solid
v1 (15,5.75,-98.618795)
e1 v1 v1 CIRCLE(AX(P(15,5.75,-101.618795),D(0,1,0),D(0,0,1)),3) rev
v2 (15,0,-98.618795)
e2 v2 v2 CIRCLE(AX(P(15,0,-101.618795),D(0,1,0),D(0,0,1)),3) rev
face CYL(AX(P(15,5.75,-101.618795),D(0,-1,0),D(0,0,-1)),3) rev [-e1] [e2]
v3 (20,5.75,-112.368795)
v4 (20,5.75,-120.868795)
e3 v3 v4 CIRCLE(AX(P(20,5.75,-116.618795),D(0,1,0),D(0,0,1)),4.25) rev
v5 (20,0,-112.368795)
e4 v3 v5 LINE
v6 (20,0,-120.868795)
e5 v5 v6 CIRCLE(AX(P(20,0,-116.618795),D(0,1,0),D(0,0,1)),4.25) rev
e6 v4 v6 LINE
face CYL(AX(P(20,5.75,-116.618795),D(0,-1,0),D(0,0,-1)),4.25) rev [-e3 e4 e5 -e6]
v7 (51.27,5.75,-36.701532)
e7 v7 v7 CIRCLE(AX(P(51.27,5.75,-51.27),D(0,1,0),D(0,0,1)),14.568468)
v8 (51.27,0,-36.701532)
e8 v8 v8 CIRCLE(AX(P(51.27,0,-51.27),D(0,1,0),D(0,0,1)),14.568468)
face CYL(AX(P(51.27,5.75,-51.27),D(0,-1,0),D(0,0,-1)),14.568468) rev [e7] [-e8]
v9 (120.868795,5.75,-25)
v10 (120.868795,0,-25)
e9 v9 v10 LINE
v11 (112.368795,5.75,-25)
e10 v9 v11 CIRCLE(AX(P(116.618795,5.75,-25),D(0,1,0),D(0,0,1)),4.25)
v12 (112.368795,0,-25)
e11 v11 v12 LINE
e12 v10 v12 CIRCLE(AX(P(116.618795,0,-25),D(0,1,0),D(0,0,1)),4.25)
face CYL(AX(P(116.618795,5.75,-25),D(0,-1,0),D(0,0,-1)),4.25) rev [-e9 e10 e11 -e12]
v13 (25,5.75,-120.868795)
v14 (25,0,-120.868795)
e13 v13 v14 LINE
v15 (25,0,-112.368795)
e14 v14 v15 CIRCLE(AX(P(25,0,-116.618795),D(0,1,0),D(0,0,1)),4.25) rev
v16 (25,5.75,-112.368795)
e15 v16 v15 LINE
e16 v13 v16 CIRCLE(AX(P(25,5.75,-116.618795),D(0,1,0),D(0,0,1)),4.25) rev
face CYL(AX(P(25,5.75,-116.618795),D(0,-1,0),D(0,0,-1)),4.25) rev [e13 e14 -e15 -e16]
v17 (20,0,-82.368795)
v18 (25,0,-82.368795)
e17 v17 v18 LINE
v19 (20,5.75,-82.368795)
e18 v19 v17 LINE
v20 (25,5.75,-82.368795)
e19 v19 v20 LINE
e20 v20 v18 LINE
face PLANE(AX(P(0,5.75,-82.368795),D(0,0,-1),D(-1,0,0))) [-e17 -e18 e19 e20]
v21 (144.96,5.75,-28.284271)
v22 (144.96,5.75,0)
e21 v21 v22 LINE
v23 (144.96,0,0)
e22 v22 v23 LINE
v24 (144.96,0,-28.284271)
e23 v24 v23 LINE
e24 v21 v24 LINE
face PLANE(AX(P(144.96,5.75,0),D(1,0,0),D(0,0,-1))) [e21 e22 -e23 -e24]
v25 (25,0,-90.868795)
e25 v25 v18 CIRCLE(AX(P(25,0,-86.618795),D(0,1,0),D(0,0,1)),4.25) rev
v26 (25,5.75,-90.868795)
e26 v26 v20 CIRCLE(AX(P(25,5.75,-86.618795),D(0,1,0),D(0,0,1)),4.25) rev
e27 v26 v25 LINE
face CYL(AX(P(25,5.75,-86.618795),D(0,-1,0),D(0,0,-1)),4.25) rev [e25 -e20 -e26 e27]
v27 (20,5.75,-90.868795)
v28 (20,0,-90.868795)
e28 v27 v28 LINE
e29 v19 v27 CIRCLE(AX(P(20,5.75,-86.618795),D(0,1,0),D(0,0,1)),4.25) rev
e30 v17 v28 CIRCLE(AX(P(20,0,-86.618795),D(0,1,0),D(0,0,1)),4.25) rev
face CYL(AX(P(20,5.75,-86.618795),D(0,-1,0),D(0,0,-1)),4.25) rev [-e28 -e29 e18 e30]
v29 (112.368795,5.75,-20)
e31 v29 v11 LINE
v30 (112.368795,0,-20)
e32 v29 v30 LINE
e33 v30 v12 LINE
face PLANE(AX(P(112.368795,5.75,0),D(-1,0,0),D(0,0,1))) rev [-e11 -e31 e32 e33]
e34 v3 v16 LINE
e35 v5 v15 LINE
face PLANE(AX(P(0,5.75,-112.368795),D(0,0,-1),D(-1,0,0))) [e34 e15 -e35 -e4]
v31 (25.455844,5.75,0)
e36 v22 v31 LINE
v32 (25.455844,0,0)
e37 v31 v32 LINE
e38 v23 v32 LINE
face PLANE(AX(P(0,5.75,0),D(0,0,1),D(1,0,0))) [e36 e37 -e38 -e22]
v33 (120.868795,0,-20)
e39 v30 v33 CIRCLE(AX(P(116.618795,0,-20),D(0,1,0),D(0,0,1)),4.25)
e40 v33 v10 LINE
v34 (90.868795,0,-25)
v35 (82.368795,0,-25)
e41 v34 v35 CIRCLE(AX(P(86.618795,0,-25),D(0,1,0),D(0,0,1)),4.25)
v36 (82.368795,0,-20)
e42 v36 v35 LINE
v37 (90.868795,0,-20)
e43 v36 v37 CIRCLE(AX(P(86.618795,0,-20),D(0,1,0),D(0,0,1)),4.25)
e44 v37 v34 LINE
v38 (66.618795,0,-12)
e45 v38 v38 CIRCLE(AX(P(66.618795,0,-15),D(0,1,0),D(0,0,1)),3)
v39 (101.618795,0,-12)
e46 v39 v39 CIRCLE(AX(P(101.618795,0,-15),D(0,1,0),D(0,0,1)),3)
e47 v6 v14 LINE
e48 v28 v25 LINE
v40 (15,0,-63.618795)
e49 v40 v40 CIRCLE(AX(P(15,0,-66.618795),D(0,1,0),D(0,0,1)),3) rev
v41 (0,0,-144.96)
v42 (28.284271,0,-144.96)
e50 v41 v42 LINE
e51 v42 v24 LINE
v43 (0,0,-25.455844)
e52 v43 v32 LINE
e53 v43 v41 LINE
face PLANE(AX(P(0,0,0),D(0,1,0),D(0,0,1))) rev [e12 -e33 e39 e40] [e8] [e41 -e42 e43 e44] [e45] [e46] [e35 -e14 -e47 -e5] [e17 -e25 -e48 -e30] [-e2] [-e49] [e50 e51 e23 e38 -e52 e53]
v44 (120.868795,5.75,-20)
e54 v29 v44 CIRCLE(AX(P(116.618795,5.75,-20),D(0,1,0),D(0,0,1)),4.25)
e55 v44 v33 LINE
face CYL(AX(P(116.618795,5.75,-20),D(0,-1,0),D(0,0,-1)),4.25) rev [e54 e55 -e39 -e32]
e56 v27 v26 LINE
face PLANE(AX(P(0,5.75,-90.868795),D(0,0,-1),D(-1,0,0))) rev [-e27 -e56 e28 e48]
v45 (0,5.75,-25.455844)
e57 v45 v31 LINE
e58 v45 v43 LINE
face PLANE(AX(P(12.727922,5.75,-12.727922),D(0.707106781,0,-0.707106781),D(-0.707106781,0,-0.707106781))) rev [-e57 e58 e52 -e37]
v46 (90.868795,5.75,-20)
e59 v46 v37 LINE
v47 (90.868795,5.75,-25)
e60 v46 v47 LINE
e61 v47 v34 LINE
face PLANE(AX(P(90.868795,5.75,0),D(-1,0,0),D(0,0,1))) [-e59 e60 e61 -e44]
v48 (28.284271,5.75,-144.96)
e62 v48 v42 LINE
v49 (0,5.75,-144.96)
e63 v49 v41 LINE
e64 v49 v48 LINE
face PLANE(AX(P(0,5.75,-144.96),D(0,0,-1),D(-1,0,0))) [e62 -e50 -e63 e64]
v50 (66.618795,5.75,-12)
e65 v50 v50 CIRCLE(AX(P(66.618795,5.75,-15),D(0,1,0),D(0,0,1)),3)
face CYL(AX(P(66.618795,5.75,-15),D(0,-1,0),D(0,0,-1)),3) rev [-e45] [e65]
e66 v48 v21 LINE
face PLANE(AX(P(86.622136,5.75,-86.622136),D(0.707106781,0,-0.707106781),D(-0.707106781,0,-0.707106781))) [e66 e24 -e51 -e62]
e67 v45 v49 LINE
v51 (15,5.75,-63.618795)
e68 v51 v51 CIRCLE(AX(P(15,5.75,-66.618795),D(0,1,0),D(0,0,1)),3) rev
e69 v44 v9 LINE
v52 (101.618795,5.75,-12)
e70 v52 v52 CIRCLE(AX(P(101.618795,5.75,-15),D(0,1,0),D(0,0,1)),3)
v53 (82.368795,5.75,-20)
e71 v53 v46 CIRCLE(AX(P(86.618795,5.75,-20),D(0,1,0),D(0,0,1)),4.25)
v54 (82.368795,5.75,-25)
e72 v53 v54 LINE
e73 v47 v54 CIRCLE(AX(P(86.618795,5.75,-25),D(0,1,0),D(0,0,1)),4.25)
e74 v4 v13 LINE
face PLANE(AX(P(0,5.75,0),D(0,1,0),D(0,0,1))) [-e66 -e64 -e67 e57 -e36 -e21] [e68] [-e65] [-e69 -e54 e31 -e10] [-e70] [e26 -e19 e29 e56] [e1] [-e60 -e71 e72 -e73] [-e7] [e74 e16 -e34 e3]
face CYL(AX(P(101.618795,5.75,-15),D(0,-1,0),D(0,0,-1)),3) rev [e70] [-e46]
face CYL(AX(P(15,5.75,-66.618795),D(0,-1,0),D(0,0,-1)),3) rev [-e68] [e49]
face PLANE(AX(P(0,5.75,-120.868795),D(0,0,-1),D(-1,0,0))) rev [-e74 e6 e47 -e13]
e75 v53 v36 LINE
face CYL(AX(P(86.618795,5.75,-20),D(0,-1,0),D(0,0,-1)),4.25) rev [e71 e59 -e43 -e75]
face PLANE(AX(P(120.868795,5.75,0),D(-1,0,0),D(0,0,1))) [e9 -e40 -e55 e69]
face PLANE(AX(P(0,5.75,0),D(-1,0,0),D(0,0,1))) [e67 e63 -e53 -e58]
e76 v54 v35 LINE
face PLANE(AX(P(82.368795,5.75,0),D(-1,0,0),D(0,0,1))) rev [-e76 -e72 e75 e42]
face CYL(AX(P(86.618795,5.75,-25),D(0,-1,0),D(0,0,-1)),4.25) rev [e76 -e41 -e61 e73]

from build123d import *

# Parameters (mm, degrees)
SKETCH_1_R      = 3
SKETCH_1_R_2    = 14.568467703
EXTRUDE_1_DEPTH = 5.75


with BuildPart() as part:
    # 草图1 → 凸台-拉伸1 (new body)
    with BuildSketch(Plane(origin=(0, 0, 0), x_dir=(1, 0, 0), z_dir=(0, 1, 0))):
        Polygon((0, 144.96), (0, 25.455844123), (25.455844123, 0), (144.96, 0), (144.96, 28.284271247), (28.284271247, 144.96), align=None)
        with Locations(Location((66.618795027, 15, 0), (0, 0, 270))):
            Circle(SKETCH_1_R, mode=Mode.SUBTRACT)
        with Locations(Location((15, 66.618795027, 0), (0, 0, 270))):
            Circle(SKETCH_1_R, mode=Mode.SUBTRACT)
        with Locations(Location((51.27, 51.27, 0), (0, 0, 270))):
            Circle(SKETCH_1_R_2, mode=Mode.SUBTRACT)
        with Locations(Location((101.618795027, 15, 0), (0, 0, 270))):
            Circle(SKETCH_1_R, mode=Mode.SUBTRACT)
        with BuildLine():
            ThreePointArc((90.868795027, 20), (86.618795027, 15.75), (82.368795027, 20))
            Line((82.368795027, 20), (82.368795027, 25))
            ThreePointArc((82.368795027, 25), (86.618795027, 29.25), (90.868795027, 25))
            Line((90.868795027, 25), (90.868795027, 20))
        make_face(mode=Mode.SUBTRACT)
        with BuildLine():
            ThreePointArc((120.868795027, 20), (116.618795027, 15.75), (112.368795027, 20))
            Line((112.368795027, 20), (112.368795027, 25))
            ThreePointArc((112.368795027, 25), (116.618795027, 29.25), (120.868795027, 25))
            Line((120.868795027, 25), (120.868795027, 20))
        make_face(mode=Mode.SUBTRACT)
        with BuildLine():
            Line((25, 82.368795027), (20, 82.368795027))
            ThreePointArc((20, 82.368795027), (15.75, 86.618795027), (20, 90.868795027))
            Line((20, 90.868795027), (25, 90.868795027))
            ThreePointArc((25, 90.868795027), (29.25, 86.618795027), (25, 82.368795027))
        make_face(mode=Mode.SUBTRACT)
        with Locations(Location((15, 101.618795027, 0), (0, 0, 270))):
            Circle(SKETCH_1_R, mode=Mode.SUBTRACT)
        with BuildLine():
            Line((25, 112.368795027), (20, 112.368795027))
            ThreePointArc((20, 112.368795027), (15.75, 116.618795027), (20, 120.868795027))
            Line((20, 120.868795027), (25, 120.868795027))
            ThreePointArc((25, 120.868795027), (29.25, 116.618795027), (25, 112.368795027))
        make_face(mode=Mode.SUBTRACT)
    extrude(amount=EXTRUDE_1_DEPTH)


solid = part.part
